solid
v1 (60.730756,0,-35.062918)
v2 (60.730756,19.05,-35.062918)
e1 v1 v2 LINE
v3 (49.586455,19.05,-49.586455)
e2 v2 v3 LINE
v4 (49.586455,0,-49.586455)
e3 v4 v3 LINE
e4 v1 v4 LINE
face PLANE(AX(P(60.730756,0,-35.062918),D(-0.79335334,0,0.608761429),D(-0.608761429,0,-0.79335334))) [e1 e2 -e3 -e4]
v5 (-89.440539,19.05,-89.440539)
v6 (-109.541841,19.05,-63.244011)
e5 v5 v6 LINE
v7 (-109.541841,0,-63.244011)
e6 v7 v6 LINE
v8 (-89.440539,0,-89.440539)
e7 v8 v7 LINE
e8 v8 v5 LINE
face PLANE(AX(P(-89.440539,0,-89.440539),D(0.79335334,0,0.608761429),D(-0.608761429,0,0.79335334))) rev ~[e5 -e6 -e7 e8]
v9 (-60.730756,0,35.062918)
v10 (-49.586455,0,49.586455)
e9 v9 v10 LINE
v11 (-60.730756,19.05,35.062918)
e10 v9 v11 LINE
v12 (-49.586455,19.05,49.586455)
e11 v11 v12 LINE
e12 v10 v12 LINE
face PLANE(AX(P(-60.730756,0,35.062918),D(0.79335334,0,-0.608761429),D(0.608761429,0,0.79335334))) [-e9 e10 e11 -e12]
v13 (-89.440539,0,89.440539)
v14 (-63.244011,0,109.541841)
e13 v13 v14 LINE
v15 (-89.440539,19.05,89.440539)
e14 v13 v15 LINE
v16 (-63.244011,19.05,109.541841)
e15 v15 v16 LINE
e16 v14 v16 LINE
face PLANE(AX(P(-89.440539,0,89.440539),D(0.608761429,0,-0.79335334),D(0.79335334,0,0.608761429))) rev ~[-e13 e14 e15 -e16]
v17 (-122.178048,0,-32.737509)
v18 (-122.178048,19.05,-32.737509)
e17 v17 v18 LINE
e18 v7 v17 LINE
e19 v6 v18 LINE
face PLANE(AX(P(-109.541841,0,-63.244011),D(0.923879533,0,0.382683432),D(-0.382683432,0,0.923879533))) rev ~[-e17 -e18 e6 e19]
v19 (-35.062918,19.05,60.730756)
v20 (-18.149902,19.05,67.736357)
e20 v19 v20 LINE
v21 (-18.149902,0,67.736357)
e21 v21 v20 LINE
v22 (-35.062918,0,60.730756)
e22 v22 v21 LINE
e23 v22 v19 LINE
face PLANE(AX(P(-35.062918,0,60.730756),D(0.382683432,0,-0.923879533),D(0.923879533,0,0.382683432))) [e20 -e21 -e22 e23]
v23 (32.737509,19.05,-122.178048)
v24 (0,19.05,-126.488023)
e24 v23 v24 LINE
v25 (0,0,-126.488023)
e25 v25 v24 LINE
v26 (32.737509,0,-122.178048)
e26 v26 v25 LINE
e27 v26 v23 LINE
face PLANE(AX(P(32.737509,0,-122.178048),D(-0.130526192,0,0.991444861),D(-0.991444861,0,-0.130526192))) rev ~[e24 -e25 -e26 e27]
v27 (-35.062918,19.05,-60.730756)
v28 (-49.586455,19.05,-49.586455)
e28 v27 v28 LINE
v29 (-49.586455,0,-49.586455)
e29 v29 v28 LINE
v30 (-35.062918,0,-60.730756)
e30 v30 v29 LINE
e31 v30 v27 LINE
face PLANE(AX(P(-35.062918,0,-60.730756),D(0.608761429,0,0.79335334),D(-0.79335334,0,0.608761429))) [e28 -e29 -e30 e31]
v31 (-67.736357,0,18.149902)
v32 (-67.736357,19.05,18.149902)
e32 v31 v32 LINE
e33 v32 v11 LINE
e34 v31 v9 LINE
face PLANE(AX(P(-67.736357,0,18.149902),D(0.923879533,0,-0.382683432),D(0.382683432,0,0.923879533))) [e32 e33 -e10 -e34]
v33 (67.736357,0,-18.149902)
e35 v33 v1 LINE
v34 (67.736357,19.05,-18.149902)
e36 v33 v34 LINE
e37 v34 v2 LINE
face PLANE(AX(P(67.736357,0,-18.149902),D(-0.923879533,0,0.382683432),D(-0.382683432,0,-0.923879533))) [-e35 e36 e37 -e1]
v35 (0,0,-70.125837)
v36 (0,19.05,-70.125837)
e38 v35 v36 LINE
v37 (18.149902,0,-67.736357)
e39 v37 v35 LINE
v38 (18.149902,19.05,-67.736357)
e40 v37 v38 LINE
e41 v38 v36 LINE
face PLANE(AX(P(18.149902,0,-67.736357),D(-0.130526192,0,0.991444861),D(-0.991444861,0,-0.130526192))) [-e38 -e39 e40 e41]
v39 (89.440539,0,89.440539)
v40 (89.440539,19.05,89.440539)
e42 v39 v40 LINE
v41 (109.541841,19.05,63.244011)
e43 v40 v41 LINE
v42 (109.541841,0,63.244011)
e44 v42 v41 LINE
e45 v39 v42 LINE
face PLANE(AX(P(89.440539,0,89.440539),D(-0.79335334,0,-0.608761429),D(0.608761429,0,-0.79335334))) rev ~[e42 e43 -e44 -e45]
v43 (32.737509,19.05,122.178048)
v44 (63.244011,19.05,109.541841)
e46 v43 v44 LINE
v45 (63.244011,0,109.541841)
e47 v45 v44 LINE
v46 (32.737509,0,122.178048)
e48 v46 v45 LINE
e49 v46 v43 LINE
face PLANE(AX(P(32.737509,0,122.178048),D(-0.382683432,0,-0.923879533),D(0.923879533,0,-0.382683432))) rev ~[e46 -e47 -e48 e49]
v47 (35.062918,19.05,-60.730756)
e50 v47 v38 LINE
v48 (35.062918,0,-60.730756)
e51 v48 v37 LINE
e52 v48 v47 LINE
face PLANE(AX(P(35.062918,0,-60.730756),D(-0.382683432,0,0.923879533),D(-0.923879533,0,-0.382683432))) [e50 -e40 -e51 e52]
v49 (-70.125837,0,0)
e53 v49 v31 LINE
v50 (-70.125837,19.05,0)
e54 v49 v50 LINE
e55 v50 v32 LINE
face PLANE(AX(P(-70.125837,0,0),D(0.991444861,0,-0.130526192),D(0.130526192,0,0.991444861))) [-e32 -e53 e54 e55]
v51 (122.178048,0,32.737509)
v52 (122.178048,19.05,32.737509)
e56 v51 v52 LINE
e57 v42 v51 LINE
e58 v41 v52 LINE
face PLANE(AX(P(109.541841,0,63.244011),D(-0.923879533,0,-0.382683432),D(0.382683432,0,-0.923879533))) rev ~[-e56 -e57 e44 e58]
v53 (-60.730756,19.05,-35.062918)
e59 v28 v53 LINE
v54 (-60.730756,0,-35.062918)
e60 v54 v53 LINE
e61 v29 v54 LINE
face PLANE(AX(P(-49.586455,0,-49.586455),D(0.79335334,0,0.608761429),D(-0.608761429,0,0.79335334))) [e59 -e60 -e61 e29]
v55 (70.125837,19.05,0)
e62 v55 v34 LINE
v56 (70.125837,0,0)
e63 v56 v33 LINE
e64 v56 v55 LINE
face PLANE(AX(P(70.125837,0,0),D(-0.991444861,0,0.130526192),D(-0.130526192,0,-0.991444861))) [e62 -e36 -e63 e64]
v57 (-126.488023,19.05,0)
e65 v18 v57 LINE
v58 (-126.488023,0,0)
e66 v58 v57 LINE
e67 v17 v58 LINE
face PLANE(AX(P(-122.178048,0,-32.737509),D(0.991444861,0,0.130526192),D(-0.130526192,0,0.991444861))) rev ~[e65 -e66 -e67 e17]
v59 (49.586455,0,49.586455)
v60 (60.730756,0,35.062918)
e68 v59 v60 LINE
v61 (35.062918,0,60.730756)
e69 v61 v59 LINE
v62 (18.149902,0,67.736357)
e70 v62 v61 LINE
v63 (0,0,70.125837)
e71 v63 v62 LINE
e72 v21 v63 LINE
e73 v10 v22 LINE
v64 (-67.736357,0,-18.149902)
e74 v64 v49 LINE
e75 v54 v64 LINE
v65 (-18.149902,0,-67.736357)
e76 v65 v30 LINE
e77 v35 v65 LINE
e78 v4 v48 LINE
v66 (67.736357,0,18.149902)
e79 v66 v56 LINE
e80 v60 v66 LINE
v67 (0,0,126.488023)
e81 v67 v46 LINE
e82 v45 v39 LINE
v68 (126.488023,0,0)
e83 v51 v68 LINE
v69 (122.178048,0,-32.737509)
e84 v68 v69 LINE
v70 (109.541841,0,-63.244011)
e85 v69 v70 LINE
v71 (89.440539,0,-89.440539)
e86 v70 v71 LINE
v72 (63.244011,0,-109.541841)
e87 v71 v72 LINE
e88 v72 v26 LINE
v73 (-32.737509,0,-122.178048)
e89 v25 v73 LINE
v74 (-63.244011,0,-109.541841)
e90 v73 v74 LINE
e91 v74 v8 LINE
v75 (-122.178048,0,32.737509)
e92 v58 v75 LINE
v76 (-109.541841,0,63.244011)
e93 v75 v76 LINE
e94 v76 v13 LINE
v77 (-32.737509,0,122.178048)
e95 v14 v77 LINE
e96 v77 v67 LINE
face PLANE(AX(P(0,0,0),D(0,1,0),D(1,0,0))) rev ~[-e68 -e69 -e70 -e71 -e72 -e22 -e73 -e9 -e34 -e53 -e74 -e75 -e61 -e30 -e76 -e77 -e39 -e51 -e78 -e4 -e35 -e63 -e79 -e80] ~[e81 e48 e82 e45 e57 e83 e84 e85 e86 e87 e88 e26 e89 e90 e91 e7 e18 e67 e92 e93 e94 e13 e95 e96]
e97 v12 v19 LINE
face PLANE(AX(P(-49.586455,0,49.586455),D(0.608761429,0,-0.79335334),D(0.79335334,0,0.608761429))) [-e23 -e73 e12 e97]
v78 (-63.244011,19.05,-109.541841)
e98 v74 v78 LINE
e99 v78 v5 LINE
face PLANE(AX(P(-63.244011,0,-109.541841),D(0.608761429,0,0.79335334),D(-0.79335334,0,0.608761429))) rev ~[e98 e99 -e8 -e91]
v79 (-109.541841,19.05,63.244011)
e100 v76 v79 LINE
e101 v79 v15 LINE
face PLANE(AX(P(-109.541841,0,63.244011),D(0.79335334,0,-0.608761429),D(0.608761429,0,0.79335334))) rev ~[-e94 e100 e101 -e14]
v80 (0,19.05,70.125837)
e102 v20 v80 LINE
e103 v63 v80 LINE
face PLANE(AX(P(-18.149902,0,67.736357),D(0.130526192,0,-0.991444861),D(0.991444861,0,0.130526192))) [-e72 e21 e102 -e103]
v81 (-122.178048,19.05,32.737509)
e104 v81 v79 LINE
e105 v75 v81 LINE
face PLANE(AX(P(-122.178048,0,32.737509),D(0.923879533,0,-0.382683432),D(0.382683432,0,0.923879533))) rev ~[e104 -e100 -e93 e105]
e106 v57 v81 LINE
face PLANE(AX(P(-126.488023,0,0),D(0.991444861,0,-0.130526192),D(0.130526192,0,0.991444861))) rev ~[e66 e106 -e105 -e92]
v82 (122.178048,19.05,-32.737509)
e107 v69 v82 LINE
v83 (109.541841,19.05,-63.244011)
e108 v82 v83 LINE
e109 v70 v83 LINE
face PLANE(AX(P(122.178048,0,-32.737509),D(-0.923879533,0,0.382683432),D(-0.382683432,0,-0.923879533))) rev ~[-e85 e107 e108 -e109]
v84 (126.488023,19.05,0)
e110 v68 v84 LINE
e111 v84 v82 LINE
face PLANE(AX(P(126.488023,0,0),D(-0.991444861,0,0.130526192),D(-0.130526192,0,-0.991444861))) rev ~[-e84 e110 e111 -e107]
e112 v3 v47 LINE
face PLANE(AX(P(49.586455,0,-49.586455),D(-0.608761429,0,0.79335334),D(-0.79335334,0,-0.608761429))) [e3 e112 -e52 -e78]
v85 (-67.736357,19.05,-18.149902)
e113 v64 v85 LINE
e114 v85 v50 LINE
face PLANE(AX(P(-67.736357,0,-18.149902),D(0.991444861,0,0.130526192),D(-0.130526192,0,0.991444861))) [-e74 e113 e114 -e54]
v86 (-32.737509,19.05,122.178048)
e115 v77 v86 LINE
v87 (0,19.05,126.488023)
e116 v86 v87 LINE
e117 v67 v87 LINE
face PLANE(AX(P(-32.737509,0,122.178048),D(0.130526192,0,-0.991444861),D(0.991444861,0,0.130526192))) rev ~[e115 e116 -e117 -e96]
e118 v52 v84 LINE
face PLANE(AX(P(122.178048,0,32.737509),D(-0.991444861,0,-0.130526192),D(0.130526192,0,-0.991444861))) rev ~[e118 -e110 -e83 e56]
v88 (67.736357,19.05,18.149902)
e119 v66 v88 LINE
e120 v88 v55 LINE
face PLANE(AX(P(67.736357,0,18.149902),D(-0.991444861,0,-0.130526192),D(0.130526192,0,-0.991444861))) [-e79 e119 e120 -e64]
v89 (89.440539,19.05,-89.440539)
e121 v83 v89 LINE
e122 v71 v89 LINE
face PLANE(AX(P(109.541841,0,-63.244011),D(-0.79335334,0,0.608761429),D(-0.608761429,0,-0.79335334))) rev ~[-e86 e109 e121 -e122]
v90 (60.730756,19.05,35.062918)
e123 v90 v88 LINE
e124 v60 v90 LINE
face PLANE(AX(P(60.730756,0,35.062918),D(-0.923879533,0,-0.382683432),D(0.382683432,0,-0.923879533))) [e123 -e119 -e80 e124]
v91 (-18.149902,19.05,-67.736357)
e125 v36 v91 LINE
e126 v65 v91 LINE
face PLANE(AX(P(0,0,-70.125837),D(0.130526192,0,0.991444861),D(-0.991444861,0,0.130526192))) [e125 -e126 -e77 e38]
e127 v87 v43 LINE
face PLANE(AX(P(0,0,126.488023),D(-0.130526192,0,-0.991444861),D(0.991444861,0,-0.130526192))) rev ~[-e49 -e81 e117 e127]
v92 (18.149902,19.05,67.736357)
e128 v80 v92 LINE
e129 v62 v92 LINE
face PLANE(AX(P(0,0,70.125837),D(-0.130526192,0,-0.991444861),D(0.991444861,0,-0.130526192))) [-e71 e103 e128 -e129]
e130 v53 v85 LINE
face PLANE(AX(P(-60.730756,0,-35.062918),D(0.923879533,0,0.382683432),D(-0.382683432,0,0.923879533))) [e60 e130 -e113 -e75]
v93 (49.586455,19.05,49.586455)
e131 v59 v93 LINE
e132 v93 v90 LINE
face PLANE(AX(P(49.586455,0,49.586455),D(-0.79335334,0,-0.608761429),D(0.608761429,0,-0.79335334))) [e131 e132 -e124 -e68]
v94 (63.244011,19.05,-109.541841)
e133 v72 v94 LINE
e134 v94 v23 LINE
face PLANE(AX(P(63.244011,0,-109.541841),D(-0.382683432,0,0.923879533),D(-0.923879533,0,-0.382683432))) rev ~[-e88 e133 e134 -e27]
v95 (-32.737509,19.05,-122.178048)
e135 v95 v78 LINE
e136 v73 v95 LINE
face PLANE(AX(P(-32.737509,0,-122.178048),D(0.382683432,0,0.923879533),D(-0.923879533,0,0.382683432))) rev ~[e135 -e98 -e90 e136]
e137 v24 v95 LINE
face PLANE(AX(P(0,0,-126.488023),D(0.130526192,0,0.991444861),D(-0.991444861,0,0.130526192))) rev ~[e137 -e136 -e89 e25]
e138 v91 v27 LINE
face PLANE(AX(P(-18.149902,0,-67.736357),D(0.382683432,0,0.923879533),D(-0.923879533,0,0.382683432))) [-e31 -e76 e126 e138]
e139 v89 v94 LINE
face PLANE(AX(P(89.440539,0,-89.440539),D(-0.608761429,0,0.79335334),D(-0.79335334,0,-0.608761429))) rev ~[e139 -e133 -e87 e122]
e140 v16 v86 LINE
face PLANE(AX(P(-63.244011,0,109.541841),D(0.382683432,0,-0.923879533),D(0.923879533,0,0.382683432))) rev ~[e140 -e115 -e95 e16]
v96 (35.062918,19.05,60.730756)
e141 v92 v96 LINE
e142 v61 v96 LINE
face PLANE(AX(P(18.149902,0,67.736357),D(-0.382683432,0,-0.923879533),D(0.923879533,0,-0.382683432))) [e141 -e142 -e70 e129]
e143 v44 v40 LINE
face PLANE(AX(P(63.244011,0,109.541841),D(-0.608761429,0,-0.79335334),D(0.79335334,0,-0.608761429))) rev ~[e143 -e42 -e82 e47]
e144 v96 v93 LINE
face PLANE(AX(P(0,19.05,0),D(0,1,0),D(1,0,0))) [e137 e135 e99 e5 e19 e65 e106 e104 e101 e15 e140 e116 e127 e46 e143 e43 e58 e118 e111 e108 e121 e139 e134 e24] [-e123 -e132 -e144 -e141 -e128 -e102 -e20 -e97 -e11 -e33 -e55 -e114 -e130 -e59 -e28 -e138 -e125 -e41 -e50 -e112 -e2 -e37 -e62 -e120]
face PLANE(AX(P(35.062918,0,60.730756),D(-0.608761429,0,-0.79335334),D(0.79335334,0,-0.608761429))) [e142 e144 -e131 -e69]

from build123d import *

# Parameters (mm, degrees)
BOSS_EXTRUDE3_DEPTH = 19.05


with BuildPart() as part:
    # Sketch3 → Boss-Extrude3 (new body)
    with BuildSketch(Plane(origin=(0, 0, 0), x_dir=(1, 0, 0), z_dir=(0, 1, 0))):
        Polygon((-126.488022972, 0), (-122.178048105, -32.737509323), (-109.541841168, -63.244011486), (-89.440538783, -89.440538783), (-63.244011486, -109.541841168), (-32.737509323, -122.178048105), (0, -126.488022972), (32.737509323, -122.178048105), (63.244011486, -109.541841168), (89.440538783, -89.440538783), (109.541841168, -63.244011486), (122.178048105, -32.737509323), (126.488022972, 0), (122.178048105, 32.737509323), (109.541841168, 63.244011486), (89.440538783, 89.440538783), (63.244011486, 109.541841168), (32.737509323, 122.178048105), (0, 126.488022972), (-32.737509323, 122.178048105), (-63.244011486, 109.541841168), (-89.440538783, 89.440538783), (-109.541841168, 63.244011486), (-122.178048105, 32.737509323), align=None)
        Polygon((-70.125836655, 0), (-67.736356715, -18.14990208), (-60.730756005, -35.062918327), (-49.586454635, -49.586454635), (-35.062918327, -60.730756005), (-18.14990208, -67.736356715), (0, -70.125836655), (18.14990208, -67.736356715), (35.062918327, -60.730756005), (49.586454635, -49.586454635), (60.730756005, -35.062918327), (67.736356715, -18.14990208), (70.125836655, 0), (67.736356715, 18.14990208), (60.730756005, 35.062918327), (49.586454635, 49.586454635), (35.062918327, 60.730756005), (18.14990208, 67.736356715), (0, 70.125836655), (-18.14990208, 67.736356715), (-35.062918327, 60.730756005), (-49.586454635, 49.586454635), (-60.730756005, 35.062918327), (-67.736356715, 18.14990208), align=None, mode=Mode.SUBTRACT)
    extrude(amount=BOSS_EXTRUDE3_DEPTH)


solid = part.part
